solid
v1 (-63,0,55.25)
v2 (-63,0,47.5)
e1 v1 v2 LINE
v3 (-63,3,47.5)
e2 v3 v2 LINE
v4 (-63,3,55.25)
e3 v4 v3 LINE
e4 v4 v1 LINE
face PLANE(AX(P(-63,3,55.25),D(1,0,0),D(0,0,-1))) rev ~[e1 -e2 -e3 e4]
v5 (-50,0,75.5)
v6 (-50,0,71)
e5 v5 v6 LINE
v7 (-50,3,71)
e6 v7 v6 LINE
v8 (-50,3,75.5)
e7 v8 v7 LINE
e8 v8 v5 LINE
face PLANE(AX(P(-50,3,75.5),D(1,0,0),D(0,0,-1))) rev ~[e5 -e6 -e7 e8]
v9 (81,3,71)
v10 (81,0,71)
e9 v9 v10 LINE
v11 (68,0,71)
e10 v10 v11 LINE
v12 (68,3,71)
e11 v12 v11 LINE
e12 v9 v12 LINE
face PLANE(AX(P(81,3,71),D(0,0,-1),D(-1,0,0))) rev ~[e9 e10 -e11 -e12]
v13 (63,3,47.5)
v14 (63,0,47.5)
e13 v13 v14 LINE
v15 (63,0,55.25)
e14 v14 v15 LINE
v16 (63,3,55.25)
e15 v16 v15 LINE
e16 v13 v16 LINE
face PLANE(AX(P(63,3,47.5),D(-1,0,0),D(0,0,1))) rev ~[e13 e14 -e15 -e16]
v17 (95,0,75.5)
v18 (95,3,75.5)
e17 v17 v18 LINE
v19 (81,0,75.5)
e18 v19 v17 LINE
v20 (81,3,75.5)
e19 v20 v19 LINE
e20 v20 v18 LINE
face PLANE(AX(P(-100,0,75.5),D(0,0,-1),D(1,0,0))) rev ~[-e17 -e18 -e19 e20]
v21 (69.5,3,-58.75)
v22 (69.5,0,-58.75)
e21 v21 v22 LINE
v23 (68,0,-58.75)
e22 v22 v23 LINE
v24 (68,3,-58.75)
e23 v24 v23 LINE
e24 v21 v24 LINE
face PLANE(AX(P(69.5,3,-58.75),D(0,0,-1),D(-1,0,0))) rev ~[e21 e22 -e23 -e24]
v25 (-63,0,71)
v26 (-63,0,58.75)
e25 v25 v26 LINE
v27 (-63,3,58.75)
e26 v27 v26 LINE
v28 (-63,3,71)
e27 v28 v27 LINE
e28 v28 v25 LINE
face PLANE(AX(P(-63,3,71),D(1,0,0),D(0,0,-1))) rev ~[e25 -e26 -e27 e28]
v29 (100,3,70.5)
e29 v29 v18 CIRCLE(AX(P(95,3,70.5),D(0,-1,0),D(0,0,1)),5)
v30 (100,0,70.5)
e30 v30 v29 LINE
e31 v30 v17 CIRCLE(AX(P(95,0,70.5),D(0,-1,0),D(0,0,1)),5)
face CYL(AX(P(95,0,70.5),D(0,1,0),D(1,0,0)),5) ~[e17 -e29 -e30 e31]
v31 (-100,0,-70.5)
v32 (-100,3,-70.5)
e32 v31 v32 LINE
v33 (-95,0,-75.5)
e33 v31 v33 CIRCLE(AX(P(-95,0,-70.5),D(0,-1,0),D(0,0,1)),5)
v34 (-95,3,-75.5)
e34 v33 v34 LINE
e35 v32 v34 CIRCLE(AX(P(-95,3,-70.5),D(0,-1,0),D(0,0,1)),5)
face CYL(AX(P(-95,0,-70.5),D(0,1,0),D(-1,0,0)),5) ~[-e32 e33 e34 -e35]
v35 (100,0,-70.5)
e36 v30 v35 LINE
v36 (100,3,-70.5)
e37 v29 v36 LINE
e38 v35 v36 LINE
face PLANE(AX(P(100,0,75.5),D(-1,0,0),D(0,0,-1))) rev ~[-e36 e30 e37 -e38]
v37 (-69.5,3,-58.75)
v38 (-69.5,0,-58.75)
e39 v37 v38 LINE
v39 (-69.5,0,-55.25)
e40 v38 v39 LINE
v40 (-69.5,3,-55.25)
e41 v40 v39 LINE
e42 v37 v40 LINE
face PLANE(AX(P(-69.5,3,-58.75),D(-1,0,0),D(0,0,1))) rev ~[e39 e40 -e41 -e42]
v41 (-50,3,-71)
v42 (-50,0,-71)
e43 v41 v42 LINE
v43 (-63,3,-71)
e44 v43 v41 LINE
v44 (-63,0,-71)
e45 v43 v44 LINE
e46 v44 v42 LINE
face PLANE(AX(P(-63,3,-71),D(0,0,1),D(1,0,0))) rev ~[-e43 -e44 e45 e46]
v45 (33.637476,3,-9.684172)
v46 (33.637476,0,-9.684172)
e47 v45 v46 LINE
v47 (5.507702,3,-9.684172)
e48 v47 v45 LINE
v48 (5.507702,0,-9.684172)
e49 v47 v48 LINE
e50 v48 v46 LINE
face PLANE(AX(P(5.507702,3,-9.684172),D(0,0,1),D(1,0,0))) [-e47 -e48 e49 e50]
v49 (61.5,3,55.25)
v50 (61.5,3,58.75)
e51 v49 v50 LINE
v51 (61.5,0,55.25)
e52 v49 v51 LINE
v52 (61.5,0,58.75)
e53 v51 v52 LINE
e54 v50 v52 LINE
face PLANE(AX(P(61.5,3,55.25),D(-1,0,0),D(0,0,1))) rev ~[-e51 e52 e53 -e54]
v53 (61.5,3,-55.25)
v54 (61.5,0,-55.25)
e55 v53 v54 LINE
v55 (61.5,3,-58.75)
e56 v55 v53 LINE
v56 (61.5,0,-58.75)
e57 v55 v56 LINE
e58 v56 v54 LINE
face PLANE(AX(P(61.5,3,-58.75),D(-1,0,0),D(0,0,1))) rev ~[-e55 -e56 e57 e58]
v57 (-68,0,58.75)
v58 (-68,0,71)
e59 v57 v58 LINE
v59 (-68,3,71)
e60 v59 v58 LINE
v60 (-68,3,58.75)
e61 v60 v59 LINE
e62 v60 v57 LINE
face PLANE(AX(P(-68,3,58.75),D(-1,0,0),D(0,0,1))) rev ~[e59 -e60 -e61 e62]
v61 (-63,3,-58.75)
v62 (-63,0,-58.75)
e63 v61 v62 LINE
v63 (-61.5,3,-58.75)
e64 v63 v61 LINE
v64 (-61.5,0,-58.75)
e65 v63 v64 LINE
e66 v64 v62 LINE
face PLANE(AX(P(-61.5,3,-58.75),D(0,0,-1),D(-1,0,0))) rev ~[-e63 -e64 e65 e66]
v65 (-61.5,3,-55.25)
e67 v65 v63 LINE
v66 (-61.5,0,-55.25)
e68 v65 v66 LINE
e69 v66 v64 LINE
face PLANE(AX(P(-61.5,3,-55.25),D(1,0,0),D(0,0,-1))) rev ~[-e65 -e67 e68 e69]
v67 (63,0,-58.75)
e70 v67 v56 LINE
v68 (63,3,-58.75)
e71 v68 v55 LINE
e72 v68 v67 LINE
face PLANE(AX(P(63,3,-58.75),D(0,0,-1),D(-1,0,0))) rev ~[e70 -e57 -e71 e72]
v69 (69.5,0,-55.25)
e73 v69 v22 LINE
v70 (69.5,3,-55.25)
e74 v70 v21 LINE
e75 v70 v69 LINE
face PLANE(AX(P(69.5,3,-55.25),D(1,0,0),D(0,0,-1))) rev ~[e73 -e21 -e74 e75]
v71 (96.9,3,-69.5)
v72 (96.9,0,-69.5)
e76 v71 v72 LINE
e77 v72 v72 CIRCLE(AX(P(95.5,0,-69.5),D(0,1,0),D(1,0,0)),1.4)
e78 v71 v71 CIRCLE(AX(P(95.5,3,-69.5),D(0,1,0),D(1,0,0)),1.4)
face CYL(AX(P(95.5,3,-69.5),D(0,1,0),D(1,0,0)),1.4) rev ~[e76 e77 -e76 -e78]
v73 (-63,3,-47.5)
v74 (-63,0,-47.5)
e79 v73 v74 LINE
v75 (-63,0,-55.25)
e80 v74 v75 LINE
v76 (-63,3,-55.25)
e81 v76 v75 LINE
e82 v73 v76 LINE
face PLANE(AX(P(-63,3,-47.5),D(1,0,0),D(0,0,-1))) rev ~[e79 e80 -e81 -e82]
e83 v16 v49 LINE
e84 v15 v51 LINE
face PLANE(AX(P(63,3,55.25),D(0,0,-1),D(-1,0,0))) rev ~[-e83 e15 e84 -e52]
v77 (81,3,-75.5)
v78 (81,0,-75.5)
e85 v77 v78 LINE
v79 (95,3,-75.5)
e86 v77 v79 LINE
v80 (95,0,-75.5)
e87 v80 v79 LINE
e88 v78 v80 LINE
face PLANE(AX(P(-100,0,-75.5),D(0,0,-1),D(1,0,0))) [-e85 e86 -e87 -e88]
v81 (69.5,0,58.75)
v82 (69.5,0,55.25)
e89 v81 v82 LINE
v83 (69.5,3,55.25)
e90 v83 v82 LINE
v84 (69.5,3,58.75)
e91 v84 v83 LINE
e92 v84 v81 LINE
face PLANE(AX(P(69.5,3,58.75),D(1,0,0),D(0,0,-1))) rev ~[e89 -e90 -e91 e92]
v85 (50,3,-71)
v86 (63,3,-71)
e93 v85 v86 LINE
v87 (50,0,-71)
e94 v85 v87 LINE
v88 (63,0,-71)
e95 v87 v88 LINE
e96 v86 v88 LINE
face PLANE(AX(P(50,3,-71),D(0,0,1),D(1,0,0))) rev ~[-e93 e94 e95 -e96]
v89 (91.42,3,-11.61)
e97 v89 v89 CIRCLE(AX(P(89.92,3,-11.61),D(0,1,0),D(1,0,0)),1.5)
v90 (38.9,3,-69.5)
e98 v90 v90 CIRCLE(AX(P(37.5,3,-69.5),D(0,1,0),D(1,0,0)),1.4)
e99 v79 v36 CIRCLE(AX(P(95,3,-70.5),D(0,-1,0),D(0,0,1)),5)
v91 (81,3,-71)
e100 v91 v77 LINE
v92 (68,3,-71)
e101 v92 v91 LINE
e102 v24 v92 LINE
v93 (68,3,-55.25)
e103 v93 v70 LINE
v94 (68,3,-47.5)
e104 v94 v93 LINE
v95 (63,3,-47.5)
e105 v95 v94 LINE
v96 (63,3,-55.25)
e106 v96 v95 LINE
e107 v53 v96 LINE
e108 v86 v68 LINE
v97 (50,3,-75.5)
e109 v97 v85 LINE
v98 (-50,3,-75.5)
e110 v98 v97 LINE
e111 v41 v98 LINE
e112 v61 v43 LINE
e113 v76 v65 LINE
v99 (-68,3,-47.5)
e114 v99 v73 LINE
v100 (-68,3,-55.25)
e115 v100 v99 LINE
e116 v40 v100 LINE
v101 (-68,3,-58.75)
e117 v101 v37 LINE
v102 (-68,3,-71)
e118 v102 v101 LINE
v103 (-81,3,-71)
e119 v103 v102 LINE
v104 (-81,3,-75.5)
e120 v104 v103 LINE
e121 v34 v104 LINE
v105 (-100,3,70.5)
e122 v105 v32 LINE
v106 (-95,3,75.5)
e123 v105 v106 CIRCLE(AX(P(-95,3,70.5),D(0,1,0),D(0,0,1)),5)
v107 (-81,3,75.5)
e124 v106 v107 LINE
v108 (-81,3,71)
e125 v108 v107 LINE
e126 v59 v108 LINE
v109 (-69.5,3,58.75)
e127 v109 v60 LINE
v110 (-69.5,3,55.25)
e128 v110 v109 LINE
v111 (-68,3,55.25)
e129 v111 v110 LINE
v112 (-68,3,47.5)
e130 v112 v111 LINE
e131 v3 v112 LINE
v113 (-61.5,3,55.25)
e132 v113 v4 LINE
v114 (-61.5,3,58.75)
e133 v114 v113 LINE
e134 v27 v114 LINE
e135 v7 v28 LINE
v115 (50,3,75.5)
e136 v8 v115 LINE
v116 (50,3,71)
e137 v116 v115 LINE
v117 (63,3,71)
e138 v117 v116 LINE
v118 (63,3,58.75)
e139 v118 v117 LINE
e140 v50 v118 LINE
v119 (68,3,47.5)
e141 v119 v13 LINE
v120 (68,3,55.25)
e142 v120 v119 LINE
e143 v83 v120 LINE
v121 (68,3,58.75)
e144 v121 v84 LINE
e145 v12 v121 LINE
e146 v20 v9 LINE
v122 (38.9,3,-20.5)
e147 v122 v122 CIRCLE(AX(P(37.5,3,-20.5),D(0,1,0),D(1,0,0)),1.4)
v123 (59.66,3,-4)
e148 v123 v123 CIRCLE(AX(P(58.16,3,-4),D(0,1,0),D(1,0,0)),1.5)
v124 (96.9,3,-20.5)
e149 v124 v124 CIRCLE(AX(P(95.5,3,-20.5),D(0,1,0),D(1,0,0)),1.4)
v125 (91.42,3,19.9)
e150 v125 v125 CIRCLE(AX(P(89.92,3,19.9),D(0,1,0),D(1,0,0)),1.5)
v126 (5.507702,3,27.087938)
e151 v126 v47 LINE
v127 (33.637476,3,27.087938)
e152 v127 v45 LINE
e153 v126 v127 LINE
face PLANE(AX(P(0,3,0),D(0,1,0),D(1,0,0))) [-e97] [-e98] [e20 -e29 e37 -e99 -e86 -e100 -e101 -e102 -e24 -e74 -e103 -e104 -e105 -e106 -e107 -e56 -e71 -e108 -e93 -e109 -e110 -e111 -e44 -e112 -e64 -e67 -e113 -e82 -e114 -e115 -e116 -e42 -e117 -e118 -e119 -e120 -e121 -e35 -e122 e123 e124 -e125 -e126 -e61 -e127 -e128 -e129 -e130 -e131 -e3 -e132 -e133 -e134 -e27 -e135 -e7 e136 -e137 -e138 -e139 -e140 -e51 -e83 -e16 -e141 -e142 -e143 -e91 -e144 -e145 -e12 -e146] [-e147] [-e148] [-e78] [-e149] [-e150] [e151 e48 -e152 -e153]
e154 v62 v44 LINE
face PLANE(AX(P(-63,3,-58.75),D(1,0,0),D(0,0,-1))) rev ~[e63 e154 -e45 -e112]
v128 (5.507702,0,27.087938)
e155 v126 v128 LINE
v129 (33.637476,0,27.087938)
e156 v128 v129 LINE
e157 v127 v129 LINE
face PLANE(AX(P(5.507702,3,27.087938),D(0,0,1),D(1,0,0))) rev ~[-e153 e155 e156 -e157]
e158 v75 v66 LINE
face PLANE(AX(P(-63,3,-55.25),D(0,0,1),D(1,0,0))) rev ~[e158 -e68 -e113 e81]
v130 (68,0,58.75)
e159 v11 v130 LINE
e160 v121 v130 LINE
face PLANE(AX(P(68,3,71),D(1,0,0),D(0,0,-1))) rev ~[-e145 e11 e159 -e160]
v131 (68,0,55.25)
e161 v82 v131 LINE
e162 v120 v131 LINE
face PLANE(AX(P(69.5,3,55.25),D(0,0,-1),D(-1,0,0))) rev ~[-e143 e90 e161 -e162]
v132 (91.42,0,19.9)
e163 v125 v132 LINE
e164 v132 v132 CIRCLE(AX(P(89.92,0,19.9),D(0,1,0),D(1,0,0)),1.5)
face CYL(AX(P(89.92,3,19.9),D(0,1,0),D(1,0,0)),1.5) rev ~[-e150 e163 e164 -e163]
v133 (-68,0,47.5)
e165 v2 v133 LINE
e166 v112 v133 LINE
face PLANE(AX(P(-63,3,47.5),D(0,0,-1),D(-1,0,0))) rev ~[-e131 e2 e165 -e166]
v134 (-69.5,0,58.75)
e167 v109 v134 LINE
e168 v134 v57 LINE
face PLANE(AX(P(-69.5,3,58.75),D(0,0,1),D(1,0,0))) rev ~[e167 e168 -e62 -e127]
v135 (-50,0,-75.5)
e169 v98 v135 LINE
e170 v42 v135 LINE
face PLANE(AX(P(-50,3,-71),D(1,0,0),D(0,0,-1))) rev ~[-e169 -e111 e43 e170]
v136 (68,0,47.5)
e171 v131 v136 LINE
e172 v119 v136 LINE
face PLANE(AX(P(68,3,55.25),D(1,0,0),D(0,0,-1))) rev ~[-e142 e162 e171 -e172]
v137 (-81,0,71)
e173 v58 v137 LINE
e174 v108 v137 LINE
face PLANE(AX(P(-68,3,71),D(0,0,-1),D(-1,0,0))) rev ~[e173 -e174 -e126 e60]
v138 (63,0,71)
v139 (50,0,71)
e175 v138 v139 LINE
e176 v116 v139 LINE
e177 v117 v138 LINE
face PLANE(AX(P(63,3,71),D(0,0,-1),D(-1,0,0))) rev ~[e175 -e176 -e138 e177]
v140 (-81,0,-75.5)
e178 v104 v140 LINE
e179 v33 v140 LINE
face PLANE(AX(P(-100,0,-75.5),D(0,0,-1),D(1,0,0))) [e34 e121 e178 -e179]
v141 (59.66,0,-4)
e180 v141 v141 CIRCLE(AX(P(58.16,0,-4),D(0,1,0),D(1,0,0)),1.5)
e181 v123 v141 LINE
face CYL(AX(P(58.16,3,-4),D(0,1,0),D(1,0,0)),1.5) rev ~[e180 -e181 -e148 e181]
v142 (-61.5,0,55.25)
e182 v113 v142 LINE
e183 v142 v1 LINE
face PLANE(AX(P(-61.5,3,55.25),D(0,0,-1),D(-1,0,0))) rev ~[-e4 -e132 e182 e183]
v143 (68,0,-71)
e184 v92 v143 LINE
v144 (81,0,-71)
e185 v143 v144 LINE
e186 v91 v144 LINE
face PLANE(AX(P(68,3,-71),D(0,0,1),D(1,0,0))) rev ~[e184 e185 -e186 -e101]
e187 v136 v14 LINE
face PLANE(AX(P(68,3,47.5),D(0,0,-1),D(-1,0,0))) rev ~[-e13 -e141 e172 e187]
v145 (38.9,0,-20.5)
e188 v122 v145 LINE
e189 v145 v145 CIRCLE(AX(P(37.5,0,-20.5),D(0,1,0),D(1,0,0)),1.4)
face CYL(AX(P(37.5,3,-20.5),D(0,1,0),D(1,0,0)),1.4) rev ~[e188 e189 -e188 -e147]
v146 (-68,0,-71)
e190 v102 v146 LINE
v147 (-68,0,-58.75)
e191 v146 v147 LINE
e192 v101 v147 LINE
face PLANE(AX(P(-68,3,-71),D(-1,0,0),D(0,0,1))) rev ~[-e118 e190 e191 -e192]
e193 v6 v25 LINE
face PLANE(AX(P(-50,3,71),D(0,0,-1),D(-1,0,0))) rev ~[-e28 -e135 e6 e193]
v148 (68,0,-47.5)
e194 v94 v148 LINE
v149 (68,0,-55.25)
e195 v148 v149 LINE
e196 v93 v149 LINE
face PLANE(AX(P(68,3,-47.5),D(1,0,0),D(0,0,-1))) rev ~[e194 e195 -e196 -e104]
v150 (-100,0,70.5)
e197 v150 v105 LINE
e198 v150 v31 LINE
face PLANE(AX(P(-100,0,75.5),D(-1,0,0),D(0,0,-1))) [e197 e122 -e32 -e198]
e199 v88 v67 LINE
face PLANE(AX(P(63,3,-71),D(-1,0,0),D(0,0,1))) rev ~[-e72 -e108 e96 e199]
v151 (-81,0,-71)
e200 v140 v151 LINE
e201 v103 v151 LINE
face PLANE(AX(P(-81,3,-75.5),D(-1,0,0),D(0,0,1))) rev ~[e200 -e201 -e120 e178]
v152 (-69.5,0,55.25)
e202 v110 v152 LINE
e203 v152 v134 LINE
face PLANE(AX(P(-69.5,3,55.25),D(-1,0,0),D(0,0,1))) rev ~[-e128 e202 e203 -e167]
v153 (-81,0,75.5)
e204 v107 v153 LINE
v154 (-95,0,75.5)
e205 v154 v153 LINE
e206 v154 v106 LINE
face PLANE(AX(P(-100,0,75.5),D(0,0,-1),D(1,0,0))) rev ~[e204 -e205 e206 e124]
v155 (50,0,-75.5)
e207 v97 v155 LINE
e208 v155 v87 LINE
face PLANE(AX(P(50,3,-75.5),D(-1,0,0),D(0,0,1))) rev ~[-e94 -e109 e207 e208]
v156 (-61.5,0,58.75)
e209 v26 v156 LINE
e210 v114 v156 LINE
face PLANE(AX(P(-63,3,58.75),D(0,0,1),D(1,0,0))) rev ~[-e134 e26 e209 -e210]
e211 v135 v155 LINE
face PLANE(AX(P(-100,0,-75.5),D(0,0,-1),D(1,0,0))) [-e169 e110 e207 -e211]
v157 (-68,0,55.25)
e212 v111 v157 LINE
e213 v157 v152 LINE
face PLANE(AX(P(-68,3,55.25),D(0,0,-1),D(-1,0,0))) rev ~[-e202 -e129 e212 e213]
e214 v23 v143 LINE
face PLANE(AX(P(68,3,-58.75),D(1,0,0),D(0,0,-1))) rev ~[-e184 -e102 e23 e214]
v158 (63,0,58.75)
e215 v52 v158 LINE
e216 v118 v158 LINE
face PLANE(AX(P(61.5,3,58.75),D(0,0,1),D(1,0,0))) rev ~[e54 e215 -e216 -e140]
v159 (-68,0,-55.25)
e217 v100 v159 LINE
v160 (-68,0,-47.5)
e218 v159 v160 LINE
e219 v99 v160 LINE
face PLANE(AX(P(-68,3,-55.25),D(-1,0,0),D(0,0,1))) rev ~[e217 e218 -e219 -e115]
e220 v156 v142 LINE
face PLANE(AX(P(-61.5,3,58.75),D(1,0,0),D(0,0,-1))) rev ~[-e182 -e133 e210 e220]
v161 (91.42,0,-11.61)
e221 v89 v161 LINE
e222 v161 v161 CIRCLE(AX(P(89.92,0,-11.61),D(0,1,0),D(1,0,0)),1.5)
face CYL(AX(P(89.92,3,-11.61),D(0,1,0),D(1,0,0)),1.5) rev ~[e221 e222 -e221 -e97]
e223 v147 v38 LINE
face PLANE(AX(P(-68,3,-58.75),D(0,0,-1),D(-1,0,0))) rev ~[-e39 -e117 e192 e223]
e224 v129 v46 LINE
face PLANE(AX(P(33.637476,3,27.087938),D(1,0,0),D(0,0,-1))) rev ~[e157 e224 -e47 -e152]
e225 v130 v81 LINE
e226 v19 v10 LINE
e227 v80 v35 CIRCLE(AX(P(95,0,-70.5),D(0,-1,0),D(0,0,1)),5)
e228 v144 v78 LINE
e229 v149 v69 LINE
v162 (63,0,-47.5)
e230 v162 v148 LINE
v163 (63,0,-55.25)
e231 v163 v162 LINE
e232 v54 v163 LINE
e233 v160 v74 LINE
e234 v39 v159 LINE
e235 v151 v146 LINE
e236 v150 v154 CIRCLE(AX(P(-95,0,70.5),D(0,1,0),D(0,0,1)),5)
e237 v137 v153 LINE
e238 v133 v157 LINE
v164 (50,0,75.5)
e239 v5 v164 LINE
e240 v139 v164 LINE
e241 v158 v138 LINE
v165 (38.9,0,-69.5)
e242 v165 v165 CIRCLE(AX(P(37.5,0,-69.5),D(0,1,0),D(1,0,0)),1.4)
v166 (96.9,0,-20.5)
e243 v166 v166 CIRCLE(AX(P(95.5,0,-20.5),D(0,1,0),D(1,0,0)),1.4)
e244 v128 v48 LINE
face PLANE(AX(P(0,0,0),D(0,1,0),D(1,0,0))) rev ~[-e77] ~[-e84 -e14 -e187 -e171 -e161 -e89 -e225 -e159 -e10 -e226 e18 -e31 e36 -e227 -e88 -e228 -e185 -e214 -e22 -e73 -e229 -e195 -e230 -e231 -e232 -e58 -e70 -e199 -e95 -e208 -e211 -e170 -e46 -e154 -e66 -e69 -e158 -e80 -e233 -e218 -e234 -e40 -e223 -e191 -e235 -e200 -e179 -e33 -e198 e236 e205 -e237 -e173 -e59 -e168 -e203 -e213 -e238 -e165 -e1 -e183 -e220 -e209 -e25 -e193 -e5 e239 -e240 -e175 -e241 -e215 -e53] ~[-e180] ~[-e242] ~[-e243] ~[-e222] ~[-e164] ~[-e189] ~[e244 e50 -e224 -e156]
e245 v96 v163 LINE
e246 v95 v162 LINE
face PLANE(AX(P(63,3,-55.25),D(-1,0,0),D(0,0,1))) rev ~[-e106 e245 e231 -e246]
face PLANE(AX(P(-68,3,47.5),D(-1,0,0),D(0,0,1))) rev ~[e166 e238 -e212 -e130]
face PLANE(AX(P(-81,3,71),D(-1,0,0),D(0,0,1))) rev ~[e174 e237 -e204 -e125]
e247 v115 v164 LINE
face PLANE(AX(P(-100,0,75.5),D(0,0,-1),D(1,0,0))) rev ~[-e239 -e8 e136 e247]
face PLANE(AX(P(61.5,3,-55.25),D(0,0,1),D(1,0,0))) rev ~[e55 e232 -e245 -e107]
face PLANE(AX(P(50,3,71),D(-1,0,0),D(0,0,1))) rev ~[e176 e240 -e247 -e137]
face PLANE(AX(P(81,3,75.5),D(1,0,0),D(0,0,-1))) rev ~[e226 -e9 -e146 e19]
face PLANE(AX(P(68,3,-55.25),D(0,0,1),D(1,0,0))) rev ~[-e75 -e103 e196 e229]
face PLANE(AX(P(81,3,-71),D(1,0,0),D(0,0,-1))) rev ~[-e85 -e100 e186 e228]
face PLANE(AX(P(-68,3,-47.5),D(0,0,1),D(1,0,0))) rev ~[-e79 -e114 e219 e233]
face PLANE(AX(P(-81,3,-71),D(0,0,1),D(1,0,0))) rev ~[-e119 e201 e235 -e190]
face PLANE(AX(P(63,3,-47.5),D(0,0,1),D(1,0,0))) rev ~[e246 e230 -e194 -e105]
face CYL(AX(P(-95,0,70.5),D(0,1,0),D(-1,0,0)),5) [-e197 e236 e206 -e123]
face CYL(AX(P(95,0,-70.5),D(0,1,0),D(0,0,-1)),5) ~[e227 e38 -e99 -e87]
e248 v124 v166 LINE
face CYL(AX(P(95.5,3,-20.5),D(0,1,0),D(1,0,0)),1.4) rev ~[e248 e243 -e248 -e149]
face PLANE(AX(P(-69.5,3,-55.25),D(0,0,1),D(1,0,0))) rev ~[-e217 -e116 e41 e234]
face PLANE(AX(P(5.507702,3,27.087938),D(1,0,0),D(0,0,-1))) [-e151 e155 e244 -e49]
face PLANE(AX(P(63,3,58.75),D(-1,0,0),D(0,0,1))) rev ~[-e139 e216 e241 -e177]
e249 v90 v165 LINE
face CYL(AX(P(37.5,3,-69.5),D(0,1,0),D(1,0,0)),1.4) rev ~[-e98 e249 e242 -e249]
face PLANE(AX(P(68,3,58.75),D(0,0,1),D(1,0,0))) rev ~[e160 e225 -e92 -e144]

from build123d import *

# Parameters (mm, degrees)
SKETCH1_W           = 200
SKETCH1_H           = 151
BOSS_EXTRUDE1_DEPTH = 3
SKETCH2_W           = 28.1297743
SKETCH2_H           = 36.772110208
SKETCH2_R           = 1.5
SKETCH2_R_2         = 1.4
CUT_EXTRUDE2_DEPTH  = 4
FILLET1_R           = 5


with BuildPart() as part:
    # Sketch1 → Boss-Extrude1 (new body)
    with BuildSketch(Plane(origin=(0, 0, 0), x_dir=(1, 0, 0), z_dir=(0, 1, 0))):
        Rectangle(SKETCH1_W, SKETCH1_H)
    extrude(amount=BOSS_EXTRUDE1_DEPTH)

    # Sketch2 → Cut-Extrude2 (cut, through all)
    with BuildSketch(Plane(origin=(0, 3, 0), x_dir=(1, 0, 0), z_dir=(0, 1, 0))):
        Polygon((-50, 75.5), (-81, 75.5), (-81, 71), (-68, 71), (-68, 58.75), (-69.5, 58.75), (-69.5, 55.25), (-68, 55.25), (-68, 47.5), (-63, 47.5), (-63, 55.25), (-61.5, 55.25), (-61.5, 58.75), (-63, 58.75), (-63, 71), (-50, 71), align=None)
        Polygon((50, 71), (63, 71), (63, 58.75), (61.5, 58.75), (61.5, 55.25), (63, 55.25), (63, 47.5), (68, 47.5), (68, 55.25), (69.5, 55.25), (69.5, 58.75), (68, 58.75), (68, 71), (81, 71), (81, 75.5), (50, 75.5), align=None)
        Polygon((50, -75.5), (81, -75.5), (81, -71), (68, -71), (68, -58.75), (69.5, -58.75), (69.5, -55.25), (68, -55.25), (68, -47.5), (63, -47.5), (63, -55.25), (61.5, -55.25), (61.5, -58.75), (63, -58.75), (63, -71), (50, -71), align=None)
        Polygon((-50, -71), (-63, -71), (-63, -58.75), (-61.5, -58.75), (-61.5, -55.25), (-63, -55.25), (-63, -47.5), (-68, -47.5), (-68, -55.25), (-69.5, -55.25), (-69.5, -58.75), (-68, -58.75), (-68, -71), (-81, -71), (-81, -75.5), (-50, -75.5), align=None)
        with Locations((19.572588651, -8.701882989)):
            Rectangle(SKETCH2_W, SKETCH2_H)
        with Locations((89.92, -19.9)):
            Circle(SKETCH2_R)
        with Locations((89.92, 11.61)):
            Circle(SKETCH2_R)
        with Locations((58.16, 4)):
            Circle(SKETCH2_R)
        with Locations((95.5, 20.5)):
            Circle(SKETCH2_R_2)
        with Locations((37.5, 20.5)):
            Circle(SKETCH2_R_2)
        with Locations((37.5, 69.5)):
            Circle(SKETCH2_R_2)
        with Locations((95.5, 69.5)):
            Circle(SKETCH2_R_2)
    extrude(amount=-CUT_EXTRUDE2_DEPTH, mode=Mode.SUBTRACT)

    # Fillet1
    fillet1_edges = [part.edges().sort_by_distance(p)[0] for p in [
        (100, 1.5, 75.5),
        (-100, 1.5, 75.5),
        (-100, 1.5, -75.5),
        (100, 1.5, -75.5),
    ]]
    fillet(fillet1_edges, radius=FILLET1_R)


solid = part.part
